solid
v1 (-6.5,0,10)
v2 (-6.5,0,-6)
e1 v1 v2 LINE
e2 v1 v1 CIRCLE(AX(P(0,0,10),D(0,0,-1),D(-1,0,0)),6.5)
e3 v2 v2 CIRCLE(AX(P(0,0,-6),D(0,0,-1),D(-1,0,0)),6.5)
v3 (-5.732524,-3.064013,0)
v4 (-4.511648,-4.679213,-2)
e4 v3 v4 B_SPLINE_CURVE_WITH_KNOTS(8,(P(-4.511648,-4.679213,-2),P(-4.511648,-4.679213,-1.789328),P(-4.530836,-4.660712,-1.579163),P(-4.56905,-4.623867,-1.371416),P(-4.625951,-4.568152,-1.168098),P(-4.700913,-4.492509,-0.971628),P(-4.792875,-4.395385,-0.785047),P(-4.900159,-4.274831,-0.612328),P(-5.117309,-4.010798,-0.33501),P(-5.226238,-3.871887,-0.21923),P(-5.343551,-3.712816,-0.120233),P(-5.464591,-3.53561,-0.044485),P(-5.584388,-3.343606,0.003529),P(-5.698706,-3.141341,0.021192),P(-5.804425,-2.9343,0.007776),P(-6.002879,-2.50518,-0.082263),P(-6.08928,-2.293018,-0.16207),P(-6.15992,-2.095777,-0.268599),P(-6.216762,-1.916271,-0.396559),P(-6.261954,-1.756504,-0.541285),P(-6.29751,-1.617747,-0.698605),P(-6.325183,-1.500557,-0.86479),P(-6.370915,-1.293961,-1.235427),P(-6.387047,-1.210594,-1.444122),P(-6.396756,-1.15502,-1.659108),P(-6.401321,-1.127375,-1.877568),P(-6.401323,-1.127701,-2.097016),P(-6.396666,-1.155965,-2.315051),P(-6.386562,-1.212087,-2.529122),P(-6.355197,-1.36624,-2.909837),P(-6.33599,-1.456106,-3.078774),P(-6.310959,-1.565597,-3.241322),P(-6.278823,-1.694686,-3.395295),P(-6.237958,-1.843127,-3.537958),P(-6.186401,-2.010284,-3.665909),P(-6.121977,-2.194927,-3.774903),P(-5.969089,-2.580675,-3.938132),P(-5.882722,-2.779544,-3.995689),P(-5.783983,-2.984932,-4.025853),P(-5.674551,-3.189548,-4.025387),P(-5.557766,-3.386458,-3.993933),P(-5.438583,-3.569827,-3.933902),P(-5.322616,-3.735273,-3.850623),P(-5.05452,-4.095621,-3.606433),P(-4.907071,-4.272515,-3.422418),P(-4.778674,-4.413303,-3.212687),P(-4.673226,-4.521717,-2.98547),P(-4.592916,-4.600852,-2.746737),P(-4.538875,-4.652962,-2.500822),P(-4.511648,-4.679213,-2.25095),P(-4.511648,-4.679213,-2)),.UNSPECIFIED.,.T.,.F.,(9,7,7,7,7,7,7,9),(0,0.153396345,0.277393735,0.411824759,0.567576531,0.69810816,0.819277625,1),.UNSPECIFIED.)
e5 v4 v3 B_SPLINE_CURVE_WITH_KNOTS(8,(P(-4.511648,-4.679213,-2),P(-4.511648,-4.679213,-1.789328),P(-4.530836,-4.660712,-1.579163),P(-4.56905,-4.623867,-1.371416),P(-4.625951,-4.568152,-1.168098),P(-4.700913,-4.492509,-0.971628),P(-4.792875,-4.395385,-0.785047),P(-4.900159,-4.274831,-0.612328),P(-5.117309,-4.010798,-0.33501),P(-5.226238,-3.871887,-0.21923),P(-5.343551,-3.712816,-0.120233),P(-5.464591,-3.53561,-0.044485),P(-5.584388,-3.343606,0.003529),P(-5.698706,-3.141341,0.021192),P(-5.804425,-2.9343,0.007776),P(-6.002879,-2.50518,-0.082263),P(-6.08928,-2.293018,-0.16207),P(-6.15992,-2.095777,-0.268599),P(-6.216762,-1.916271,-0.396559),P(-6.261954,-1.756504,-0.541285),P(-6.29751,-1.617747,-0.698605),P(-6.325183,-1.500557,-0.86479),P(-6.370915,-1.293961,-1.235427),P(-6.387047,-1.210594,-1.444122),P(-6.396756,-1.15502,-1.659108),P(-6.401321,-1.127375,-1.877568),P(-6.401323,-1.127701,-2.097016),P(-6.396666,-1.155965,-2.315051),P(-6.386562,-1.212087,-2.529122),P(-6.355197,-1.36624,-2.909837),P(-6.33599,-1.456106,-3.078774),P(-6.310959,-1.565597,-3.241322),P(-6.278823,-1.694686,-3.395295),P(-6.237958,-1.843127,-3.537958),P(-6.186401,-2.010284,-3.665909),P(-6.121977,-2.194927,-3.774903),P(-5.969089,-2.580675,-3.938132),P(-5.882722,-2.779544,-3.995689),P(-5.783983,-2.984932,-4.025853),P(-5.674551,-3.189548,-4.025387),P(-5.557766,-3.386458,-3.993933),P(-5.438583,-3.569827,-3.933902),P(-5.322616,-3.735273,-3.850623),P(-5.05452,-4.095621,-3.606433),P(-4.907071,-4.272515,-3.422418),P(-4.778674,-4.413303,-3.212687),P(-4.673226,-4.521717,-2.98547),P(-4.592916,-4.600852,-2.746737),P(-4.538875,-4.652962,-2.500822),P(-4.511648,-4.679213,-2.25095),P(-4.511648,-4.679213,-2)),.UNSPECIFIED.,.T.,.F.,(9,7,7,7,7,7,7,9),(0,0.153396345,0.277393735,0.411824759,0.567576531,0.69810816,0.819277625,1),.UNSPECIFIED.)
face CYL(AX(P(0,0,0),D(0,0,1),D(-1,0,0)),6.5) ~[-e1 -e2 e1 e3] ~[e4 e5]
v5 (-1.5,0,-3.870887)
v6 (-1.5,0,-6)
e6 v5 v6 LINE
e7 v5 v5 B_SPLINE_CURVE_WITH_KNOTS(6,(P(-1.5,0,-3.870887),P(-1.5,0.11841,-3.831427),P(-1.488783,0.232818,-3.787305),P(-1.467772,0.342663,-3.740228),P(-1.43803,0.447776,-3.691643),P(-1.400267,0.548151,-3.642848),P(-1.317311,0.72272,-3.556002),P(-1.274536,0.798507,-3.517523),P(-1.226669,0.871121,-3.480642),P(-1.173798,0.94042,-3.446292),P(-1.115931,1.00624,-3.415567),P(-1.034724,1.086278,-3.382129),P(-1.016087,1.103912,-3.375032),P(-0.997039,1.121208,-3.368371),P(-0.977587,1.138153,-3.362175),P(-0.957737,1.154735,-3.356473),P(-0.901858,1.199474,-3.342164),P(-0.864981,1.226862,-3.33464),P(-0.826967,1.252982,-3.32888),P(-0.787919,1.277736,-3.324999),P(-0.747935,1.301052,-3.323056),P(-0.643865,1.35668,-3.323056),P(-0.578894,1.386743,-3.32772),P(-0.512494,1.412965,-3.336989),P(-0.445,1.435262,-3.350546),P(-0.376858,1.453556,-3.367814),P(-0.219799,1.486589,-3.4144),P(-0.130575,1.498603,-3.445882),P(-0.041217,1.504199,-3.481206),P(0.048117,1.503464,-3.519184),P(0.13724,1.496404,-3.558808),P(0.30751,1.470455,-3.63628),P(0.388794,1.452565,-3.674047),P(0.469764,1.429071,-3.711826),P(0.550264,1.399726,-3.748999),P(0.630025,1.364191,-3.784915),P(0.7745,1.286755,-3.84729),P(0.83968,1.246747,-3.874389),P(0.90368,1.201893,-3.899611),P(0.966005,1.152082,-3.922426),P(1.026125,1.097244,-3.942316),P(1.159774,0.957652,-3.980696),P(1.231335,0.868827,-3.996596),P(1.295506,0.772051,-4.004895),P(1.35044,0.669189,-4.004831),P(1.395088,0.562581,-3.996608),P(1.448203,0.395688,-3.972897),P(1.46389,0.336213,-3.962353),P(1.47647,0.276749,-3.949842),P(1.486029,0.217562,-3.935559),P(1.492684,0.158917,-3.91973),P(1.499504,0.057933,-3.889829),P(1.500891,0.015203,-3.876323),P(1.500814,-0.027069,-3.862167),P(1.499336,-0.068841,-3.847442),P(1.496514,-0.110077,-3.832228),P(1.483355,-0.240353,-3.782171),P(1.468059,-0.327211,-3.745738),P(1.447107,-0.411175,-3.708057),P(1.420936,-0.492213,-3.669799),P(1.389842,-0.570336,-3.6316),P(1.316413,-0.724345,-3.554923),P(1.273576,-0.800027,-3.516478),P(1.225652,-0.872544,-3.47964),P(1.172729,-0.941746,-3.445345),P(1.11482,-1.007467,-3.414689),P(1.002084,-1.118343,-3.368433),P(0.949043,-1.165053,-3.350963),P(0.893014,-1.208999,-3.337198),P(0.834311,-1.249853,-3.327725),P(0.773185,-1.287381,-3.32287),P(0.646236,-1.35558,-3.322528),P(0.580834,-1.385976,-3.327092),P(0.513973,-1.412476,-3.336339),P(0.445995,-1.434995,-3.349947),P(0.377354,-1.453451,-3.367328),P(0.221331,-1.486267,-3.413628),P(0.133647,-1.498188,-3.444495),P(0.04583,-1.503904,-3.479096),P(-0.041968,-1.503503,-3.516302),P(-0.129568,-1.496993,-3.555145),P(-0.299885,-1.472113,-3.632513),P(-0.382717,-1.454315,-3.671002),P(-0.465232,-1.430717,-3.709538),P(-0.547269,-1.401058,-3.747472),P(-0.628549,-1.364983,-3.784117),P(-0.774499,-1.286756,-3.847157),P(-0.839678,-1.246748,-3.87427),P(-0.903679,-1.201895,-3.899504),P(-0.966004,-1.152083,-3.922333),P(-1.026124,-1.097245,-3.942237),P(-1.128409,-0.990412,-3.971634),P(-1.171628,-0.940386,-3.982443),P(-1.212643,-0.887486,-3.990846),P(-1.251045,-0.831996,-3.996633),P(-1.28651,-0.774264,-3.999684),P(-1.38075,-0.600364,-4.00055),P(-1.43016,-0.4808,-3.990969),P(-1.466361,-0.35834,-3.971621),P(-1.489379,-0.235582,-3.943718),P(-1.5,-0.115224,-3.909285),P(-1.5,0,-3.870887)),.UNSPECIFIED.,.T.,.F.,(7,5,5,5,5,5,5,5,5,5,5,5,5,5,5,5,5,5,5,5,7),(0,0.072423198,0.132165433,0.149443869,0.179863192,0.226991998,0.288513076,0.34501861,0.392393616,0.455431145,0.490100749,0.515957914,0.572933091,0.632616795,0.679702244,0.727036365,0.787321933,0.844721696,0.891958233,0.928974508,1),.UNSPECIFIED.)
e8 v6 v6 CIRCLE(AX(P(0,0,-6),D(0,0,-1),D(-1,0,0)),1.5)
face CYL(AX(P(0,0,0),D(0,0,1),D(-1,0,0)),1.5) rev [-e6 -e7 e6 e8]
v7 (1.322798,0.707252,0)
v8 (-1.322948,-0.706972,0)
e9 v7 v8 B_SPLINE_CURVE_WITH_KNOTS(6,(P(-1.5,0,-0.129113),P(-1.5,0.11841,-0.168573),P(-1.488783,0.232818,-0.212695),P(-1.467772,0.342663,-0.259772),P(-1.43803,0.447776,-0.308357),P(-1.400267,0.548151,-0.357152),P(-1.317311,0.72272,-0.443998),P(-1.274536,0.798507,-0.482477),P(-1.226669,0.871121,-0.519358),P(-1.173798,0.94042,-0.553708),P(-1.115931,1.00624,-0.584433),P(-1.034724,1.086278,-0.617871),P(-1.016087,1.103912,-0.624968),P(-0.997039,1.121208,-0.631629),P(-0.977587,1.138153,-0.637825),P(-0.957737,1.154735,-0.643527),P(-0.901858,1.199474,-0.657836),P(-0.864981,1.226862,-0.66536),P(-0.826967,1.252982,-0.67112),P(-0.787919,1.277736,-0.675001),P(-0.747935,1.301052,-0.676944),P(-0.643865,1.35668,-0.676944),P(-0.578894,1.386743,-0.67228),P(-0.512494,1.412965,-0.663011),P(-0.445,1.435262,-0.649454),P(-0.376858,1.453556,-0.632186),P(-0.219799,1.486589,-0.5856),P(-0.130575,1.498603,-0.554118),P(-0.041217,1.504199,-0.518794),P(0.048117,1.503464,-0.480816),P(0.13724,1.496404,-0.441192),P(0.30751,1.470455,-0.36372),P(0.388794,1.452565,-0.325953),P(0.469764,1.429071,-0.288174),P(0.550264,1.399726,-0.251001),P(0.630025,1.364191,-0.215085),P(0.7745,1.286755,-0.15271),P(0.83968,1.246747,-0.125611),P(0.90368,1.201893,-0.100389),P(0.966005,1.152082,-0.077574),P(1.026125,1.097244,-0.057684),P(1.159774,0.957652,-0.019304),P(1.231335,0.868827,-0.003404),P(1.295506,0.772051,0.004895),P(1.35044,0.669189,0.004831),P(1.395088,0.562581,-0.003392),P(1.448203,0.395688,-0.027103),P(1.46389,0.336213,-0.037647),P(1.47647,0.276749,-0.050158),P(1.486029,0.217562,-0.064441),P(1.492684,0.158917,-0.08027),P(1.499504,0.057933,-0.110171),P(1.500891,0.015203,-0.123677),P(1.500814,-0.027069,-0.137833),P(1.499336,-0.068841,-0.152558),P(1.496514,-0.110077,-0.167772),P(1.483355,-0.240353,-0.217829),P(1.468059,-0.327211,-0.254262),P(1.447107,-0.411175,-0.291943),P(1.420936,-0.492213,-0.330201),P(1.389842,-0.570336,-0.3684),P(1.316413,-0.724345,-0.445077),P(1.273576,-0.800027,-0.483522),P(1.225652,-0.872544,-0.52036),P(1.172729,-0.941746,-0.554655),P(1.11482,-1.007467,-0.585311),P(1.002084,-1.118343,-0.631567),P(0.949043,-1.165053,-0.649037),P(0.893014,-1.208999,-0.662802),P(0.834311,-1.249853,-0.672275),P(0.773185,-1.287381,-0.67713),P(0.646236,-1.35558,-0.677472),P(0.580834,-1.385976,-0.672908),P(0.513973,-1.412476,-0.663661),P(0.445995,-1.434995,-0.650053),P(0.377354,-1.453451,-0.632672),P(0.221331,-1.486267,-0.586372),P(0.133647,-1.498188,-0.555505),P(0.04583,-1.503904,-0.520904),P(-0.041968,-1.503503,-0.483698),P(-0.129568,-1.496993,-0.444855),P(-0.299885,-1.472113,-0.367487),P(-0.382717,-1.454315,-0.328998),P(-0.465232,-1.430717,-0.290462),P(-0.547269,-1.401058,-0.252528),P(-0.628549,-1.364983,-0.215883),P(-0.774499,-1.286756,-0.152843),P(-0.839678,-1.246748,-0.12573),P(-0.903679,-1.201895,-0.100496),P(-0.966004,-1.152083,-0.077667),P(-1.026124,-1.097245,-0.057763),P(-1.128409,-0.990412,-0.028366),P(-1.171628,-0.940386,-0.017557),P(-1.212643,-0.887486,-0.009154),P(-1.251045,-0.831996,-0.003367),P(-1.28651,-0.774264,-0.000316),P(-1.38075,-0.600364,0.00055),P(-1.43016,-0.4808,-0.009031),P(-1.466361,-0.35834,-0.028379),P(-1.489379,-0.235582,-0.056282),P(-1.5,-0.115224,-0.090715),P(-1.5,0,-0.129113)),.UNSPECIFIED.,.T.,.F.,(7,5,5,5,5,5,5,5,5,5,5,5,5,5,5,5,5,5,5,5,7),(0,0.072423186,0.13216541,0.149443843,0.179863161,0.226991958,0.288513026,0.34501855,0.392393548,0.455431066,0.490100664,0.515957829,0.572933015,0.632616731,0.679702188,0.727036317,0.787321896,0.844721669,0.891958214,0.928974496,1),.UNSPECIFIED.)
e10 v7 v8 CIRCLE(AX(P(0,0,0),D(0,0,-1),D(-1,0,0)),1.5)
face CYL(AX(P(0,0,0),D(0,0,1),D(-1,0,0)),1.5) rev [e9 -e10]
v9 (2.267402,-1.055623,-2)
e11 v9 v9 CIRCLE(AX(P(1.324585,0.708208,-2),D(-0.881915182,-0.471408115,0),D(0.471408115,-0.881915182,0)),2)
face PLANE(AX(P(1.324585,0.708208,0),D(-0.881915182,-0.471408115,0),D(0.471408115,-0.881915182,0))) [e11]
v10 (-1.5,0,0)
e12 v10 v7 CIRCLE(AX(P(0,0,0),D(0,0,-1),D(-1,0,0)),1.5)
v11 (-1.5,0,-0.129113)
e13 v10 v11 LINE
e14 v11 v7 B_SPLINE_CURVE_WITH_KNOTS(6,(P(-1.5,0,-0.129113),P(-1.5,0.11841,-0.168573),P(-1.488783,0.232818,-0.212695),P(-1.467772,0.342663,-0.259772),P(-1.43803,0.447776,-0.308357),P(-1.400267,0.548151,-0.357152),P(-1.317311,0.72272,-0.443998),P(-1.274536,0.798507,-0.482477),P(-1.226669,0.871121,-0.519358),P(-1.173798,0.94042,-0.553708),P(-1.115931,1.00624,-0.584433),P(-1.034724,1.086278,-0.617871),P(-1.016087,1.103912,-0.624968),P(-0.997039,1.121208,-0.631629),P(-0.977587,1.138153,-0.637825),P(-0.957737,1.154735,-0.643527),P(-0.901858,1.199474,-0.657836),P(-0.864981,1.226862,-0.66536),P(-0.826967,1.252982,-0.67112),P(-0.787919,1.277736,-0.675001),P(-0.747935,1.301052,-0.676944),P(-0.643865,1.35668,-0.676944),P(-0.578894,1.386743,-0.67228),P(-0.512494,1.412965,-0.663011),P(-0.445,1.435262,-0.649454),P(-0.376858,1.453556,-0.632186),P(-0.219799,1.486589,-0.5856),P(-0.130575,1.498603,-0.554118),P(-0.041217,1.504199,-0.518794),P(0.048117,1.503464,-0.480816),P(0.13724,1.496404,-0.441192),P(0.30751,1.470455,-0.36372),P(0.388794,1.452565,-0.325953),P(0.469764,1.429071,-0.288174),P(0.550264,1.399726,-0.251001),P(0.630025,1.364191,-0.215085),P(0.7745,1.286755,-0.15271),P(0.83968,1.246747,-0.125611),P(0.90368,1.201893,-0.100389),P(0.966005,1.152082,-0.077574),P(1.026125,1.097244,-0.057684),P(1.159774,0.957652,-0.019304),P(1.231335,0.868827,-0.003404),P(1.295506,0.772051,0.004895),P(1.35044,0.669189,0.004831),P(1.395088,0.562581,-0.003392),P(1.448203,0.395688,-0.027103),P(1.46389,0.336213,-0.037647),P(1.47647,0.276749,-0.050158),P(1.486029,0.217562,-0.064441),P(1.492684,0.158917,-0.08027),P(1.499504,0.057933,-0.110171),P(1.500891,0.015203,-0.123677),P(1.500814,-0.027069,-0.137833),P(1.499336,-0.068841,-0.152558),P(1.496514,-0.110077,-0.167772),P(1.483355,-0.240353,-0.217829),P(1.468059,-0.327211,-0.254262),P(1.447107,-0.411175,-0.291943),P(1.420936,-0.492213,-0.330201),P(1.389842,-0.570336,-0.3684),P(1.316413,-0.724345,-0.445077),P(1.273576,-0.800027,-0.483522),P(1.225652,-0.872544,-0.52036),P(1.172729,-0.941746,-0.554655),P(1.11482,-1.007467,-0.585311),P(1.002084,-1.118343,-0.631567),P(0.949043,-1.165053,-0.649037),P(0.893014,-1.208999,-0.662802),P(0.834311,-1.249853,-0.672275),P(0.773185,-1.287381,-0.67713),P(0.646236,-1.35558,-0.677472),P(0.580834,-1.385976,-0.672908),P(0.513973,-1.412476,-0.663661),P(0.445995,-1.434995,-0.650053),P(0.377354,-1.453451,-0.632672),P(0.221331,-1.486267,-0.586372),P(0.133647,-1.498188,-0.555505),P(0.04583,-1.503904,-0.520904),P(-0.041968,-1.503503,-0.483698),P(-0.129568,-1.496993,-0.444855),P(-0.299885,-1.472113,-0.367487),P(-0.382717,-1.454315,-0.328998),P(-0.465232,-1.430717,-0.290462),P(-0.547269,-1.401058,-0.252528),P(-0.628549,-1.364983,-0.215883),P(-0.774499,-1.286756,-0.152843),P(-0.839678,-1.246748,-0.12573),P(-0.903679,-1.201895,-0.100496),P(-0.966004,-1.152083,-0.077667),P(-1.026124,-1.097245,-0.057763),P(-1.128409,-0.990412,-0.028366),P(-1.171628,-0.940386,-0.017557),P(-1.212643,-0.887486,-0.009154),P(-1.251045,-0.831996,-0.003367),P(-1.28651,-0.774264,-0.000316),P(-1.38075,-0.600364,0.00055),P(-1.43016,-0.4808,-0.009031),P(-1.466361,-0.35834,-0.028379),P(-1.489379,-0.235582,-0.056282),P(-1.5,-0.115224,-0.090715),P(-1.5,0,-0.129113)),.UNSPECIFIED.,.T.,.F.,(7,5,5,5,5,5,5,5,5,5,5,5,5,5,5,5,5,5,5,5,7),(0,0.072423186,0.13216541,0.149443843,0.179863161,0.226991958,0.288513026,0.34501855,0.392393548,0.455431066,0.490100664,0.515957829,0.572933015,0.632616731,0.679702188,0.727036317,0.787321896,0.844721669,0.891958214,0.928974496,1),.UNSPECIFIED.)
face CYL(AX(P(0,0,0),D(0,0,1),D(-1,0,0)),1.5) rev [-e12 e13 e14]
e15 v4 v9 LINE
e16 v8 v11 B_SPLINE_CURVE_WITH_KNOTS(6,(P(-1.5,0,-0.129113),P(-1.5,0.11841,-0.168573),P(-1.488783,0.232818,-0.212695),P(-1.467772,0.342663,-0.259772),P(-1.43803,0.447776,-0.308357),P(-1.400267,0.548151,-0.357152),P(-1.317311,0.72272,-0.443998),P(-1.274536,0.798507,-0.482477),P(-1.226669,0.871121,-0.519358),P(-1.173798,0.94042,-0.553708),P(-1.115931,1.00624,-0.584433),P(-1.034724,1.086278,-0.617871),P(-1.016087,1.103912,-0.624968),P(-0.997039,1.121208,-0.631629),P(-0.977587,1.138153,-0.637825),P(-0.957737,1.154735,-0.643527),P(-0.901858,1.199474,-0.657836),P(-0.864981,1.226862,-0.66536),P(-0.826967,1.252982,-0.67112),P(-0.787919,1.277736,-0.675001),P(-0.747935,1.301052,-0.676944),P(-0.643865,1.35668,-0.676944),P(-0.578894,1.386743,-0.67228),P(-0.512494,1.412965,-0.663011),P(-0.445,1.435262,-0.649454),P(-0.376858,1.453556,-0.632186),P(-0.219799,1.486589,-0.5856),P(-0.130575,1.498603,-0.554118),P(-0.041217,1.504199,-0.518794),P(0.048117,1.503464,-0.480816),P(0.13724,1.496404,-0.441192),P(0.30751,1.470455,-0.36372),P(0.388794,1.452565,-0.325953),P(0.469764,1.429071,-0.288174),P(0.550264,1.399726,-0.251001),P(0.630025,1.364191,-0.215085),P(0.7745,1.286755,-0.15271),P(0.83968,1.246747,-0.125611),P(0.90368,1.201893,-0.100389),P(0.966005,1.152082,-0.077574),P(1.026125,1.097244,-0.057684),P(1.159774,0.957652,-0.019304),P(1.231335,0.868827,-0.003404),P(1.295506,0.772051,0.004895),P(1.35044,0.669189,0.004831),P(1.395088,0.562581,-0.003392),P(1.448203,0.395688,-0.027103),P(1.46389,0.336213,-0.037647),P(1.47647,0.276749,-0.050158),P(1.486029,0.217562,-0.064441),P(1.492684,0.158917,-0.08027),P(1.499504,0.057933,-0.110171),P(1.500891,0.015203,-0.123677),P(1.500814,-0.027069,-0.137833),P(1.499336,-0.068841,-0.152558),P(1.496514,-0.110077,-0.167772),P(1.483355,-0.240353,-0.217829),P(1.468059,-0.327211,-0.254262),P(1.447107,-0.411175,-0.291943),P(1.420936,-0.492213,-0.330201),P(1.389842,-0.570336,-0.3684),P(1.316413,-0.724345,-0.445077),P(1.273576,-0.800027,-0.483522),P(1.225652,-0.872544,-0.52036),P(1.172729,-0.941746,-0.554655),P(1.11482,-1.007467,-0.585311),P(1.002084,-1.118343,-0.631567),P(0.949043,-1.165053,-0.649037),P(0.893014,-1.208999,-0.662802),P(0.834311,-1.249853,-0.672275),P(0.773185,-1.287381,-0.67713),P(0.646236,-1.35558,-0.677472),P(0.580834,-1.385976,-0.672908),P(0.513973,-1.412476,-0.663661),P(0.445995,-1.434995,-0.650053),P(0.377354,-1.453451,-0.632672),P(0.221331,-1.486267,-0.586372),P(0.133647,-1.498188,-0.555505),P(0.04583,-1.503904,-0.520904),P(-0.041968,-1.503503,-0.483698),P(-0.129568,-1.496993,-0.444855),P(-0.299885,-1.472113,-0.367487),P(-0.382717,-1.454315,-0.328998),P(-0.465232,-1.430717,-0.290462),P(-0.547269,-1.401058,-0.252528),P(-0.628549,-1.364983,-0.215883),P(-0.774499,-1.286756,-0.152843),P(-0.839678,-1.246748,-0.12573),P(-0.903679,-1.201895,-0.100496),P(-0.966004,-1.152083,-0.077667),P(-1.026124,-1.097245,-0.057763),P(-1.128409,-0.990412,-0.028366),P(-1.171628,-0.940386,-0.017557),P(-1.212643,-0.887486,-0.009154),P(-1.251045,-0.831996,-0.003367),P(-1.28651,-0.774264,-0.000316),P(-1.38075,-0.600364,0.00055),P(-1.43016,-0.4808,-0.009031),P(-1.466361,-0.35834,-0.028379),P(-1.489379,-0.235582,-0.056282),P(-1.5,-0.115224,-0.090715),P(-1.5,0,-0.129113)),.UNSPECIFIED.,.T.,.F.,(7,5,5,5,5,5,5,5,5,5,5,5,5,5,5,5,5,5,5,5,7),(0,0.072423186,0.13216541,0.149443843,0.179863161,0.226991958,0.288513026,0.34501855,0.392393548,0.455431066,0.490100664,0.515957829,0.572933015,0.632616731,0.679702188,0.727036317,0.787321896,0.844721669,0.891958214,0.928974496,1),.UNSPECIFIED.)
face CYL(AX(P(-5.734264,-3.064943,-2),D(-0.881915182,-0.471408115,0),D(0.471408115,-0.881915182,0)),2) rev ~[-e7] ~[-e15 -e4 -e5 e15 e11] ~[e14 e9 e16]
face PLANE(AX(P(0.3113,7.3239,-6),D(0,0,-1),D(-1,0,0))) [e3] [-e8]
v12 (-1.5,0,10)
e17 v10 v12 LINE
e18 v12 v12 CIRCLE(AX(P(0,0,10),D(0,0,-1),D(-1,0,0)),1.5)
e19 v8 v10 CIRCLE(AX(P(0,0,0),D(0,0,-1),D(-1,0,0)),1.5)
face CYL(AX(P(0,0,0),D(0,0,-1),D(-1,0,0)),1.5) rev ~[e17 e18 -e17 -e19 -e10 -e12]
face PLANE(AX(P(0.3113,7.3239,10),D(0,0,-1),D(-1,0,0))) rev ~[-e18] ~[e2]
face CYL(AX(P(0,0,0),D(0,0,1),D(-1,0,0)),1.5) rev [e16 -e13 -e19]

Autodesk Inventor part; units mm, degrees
ref_plane "YZ Plane" through (0, 0, 0) normal (1, 0, 0) x (0, 1, 0)
ref_plane "XZ Plane" through (0, 0, 0) normal (0, 1, 0) x (-1, 0, 0)
ref_plane "XY Plane" through (0, 0, 0) normal (0, 0, 1) x (1, 0, 0)
sketch "Sketch1" plane through (0.3113, 7.3239, 0) normal (0, 0, -1) x (-1, 0, 0)
  circle A0 centre (0.3113, -7.3239) radius 6.5
  circle A1 centre (0.3113, -7.3239) radius 1.5
  dimension "d0" = 13
  dimension "d1" = 3
extrude "Extrusion1" add sketch "Sketch1" along normal blind 6 and the other way blind 10
ref_plane "Work Plane1" through (-5.7325, -3.064, 0) normal (-0.8819, -0.4714, 0) x (0.4714, -0.8819, 0)
sketch "Sketch2" plane through (-5.7325, -3.064, 0) normal (-0.8819, -0.4714, 0) x (0.4714, -0.8819, 0)
  circle A0 centre (0, -2) radius 2
  point P0 (0, 0)
  dimension "d6" = 4
  dimension "d7" = 2
extrude "Extrusion2" cut sketch "Sketch2" against normal blind 8
properties part number "gears_3mm_17TModded"
